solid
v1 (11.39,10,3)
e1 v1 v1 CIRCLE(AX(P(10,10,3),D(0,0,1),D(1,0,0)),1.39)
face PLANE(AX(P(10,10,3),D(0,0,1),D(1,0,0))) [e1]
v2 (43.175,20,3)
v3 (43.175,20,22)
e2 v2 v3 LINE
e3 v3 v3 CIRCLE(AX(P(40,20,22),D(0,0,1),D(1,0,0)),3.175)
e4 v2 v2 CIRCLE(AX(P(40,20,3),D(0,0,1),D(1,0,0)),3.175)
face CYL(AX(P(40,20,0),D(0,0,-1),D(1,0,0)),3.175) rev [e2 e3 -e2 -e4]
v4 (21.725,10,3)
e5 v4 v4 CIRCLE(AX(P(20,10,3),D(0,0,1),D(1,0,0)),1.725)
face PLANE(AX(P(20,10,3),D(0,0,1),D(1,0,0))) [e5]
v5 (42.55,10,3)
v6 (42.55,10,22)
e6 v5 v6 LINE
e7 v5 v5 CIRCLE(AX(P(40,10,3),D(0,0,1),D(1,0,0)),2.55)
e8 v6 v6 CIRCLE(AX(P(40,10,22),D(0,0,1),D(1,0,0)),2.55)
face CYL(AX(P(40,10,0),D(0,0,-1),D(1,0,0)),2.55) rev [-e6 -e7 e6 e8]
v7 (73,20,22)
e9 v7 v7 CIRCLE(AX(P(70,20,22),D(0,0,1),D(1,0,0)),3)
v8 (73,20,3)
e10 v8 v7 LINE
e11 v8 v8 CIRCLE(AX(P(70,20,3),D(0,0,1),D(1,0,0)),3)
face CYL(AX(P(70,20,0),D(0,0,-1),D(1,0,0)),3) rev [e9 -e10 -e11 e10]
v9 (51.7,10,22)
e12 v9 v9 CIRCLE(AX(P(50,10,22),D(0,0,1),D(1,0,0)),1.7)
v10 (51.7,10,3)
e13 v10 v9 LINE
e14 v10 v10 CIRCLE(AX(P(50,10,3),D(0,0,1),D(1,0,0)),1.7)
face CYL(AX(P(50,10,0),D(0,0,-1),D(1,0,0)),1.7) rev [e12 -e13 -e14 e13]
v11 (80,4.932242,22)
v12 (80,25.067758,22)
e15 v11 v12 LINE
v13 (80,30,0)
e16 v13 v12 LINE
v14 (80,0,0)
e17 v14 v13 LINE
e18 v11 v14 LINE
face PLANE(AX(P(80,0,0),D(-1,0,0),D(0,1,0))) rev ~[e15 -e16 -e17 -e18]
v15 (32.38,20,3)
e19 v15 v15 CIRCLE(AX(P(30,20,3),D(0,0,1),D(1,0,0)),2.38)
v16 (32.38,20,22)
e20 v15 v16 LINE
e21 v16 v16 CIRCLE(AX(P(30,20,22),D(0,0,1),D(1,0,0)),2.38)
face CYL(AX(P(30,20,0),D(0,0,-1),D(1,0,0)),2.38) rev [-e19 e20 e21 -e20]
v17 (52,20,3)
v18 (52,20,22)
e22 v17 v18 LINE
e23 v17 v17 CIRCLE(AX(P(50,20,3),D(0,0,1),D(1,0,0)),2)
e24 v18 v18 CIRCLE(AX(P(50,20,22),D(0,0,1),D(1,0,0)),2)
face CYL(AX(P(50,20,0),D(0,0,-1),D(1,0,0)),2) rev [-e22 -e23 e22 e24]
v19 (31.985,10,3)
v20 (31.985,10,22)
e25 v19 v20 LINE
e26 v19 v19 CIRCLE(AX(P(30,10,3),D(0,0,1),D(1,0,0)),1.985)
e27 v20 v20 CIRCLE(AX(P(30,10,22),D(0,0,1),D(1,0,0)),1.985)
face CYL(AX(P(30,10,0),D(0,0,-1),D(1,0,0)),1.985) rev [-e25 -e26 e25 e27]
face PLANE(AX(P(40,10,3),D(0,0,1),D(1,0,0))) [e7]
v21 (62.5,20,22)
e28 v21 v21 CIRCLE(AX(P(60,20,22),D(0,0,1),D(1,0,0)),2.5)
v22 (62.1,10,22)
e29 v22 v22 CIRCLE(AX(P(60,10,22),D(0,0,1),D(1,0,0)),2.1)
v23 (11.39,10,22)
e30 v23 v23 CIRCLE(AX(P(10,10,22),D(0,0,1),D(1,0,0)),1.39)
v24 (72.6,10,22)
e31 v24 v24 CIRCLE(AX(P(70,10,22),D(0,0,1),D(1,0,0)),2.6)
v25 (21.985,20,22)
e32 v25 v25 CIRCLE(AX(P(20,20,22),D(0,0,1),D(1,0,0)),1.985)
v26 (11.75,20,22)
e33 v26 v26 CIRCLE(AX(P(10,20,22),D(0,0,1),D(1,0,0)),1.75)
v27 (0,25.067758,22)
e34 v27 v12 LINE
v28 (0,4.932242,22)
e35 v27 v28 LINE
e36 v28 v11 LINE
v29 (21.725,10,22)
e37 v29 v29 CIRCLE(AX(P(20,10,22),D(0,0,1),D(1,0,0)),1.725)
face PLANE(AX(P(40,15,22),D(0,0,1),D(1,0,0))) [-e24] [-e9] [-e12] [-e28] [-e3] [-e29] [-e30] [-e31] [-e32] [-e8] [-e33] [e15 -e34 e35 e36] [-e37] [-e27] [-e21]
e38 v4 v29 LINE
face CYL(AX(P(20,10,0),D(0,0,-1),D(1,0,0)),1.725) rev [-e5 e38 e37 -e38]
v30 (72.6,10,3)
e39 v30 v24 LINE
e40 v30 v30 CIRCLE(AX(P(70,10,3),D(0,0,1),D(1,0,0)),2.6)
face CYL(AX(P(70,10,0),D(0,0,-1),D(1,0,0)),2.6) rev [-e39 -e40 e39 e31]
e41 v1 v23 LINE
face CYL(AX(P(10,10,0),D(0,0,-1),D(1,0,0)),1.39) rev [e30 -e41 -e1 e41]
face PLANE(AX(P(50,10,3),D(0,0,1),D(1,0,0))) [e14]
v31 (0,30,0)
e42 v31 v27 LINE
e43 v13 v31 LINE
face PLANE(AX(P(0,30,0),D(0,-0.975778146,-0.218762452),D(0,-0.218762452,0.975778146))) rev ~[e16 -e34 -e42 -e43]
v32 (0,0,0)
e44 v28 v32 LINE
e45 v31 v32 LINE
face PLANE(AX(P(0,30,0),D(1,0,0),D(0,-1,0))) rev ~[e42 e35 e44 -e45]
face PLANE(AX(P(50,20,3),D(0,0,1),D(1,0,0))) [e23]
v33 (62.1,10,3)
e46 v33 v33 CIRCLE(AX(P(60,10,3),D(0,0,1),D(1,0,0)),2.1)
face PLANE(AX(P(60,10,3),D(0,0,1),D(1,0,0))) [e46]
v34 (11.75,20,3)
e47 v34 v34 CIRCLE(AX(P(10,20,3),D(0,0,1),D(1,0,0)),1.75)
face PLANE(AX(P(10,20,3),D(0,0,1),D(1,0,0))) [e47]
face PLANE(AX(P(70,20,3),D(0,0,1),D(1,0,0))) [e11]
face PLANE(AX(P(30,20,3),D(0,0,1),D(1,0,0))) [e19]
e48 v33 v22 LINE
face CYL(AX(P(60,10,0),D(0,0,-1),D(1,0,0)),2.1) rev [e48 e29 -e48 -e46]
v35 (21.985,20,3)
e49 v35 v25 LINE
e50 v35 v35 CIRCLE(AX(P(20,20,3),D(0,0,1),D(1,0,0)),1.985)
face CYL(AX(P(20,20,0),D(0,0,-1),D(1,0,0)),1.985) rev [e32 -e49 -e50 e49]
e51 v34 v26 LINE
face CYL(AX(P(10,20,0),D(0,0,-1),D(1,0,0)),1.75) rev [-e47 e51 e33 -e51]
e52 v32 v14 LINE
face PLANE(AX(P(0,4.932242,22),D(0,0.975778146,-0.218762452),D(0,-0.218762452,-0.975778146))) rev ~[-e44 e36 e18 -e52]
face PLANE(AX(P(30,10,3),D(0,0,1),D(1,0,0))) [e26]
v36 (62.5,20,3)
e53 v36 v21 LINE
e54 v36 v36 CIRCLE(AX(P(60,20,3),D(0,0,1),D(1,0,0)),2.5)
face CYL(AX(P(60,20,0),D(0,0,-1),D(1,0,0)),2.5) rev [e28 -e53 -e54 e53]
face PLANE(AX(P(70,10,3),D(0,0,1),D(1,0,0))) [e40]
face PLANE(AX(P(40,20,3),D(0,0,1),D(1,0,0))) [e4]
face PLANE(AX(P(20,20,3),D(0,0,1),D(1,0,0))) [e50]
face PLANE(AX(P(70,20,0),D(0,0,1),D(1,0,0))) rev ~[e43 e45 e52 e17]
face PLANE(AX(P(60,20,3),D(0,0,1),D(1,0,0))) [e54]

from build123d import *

# Parameters (mm, degrees)
F0_R     = 1.39
F0_R_2   = 1.725
F0_R_3   = 1.985
F0_R_4   = 2.55
F0_R_5   = 1.7
F0_R_6   = 2.1
F0_R_7   = 2.6
F0_R_8   = 1.75
F0_R_9   = 2.38
F0_R_10  = 3.175
F0_R_11  = 2
F0_R_12  = 2.5
F0_R_13  = 3
F1_DEPTH = 22
F2_DEPTH = 3
F4_DEPTH = 300


with BuildPart() as f1:
    # F0 (on Top) → F1 (new body)
    with BuildSketch(Plane.XY):
        Polygon((0, 30), (0, 0), (10, 0), (20, 0), (30, 0), (40, 0), (50, 0), (60, 0), (70, 0), (80, 0), (80, 30), align=None)
        with Locations((10, 10)):
            Circle(F0_R, mode=Mode.SUBTRACT)
        with Locations((20, 10)):
            Circle(F0_R_2, mode=Mode.SUBTRACT)
        with Locations((30, 10)):
            Circle(F0_R_3, mode=Mode.SUBTRACT)
        with Locations((40, 10)):
            Circle(F0_R_4, mode=Mode.SUBTRACT)
        with Locations((50, 10)):
            Circle(F0_R_5, mode=Mode.SUBTRACT)
        with Locations((60, 10)):
            Circle(F0_R_6, mode=Mode.SUBTRACT)
        with Locations((70, 10)):
            Circle(F0_R_7, mode=Mode.SUBTRACT)
        with Locations((10, 20)):
            Circle(F0_R_8, mode=Mode.SUBTRACT)
        with Locations((20, 20)):
            Circle(F0_R_3, mode=Mode.SUBTRACT)
        with Locations((30, 20)):
            Circle(F0_R_9, mode=Mode.SUBTRACT)
        with Locations((40, 20)):
            Circle(F0_R_10, mode=Mode.SUBTRACT)
        with Locations((50, 20)):
            Circle(F0_R_11, mode=Mode.SUBTRACT)
        with Locations((60, 20)):
            Circle(F0_R_12, mode=Mode.SUBTRACT)
        with Locations((70, 20)):
            Circle(F0_R_13, mode=Mode.SUBTRACT)
    extrude(amount=F1_DEPTH)

    # F0 (on Top) → F2 (join)
    with BuildSketch(Plane.XY):
        with Locations((70, 20)):
            Circle(F0_R_13)
        with Locations((70, 10)):
            Circle(F0_R_7)
        with Locations((60, 10)):
            Circle(F0_R_6)
        with Locations((60, 20)):
            Circle(F0_R_12)
        with Locations((50, 20)):
            Circle(F0_R_11)
        with Locations((50, 10)):
            Circle(F0_R_5)
        with Locations((40, 20)):
            Circle(F0_R_10)
        with Locations((40, 10)):
            Circle(F0_R_4)
        with Locations((30, 10)):
            Circle(F0_R_3)
        with Locations((30, 20)):
            Circle(F0_R_9)
        with Locations((20, 20)):
            Circle(F0_R_3)
        with Locations((20, 10)):
            Circle(F0_R_2)
        with Locations((10, 20)):
            Circle(F0_R_8)
        with Locations((10, 10)):
            Circle(F0_R)
    extrude(amount=F2_DEPTH)

    # F3 (on face) → F4 (cut)
    with BuildSketch(Plane(origin=(0, 0, 0), x_dir=(0, -1, 0), z_dir=(-1, 0, 0))):
        Polygon((-30, 22), (-30, 0), (-25.067758, 22), align=None)
        Polygon((-4.932242, 22), (0, 0), (0, 22), align=None)
    extrude(amount=-F4_DEPTH, mode=Mode.SUBTRACT)


solid = f1.part
